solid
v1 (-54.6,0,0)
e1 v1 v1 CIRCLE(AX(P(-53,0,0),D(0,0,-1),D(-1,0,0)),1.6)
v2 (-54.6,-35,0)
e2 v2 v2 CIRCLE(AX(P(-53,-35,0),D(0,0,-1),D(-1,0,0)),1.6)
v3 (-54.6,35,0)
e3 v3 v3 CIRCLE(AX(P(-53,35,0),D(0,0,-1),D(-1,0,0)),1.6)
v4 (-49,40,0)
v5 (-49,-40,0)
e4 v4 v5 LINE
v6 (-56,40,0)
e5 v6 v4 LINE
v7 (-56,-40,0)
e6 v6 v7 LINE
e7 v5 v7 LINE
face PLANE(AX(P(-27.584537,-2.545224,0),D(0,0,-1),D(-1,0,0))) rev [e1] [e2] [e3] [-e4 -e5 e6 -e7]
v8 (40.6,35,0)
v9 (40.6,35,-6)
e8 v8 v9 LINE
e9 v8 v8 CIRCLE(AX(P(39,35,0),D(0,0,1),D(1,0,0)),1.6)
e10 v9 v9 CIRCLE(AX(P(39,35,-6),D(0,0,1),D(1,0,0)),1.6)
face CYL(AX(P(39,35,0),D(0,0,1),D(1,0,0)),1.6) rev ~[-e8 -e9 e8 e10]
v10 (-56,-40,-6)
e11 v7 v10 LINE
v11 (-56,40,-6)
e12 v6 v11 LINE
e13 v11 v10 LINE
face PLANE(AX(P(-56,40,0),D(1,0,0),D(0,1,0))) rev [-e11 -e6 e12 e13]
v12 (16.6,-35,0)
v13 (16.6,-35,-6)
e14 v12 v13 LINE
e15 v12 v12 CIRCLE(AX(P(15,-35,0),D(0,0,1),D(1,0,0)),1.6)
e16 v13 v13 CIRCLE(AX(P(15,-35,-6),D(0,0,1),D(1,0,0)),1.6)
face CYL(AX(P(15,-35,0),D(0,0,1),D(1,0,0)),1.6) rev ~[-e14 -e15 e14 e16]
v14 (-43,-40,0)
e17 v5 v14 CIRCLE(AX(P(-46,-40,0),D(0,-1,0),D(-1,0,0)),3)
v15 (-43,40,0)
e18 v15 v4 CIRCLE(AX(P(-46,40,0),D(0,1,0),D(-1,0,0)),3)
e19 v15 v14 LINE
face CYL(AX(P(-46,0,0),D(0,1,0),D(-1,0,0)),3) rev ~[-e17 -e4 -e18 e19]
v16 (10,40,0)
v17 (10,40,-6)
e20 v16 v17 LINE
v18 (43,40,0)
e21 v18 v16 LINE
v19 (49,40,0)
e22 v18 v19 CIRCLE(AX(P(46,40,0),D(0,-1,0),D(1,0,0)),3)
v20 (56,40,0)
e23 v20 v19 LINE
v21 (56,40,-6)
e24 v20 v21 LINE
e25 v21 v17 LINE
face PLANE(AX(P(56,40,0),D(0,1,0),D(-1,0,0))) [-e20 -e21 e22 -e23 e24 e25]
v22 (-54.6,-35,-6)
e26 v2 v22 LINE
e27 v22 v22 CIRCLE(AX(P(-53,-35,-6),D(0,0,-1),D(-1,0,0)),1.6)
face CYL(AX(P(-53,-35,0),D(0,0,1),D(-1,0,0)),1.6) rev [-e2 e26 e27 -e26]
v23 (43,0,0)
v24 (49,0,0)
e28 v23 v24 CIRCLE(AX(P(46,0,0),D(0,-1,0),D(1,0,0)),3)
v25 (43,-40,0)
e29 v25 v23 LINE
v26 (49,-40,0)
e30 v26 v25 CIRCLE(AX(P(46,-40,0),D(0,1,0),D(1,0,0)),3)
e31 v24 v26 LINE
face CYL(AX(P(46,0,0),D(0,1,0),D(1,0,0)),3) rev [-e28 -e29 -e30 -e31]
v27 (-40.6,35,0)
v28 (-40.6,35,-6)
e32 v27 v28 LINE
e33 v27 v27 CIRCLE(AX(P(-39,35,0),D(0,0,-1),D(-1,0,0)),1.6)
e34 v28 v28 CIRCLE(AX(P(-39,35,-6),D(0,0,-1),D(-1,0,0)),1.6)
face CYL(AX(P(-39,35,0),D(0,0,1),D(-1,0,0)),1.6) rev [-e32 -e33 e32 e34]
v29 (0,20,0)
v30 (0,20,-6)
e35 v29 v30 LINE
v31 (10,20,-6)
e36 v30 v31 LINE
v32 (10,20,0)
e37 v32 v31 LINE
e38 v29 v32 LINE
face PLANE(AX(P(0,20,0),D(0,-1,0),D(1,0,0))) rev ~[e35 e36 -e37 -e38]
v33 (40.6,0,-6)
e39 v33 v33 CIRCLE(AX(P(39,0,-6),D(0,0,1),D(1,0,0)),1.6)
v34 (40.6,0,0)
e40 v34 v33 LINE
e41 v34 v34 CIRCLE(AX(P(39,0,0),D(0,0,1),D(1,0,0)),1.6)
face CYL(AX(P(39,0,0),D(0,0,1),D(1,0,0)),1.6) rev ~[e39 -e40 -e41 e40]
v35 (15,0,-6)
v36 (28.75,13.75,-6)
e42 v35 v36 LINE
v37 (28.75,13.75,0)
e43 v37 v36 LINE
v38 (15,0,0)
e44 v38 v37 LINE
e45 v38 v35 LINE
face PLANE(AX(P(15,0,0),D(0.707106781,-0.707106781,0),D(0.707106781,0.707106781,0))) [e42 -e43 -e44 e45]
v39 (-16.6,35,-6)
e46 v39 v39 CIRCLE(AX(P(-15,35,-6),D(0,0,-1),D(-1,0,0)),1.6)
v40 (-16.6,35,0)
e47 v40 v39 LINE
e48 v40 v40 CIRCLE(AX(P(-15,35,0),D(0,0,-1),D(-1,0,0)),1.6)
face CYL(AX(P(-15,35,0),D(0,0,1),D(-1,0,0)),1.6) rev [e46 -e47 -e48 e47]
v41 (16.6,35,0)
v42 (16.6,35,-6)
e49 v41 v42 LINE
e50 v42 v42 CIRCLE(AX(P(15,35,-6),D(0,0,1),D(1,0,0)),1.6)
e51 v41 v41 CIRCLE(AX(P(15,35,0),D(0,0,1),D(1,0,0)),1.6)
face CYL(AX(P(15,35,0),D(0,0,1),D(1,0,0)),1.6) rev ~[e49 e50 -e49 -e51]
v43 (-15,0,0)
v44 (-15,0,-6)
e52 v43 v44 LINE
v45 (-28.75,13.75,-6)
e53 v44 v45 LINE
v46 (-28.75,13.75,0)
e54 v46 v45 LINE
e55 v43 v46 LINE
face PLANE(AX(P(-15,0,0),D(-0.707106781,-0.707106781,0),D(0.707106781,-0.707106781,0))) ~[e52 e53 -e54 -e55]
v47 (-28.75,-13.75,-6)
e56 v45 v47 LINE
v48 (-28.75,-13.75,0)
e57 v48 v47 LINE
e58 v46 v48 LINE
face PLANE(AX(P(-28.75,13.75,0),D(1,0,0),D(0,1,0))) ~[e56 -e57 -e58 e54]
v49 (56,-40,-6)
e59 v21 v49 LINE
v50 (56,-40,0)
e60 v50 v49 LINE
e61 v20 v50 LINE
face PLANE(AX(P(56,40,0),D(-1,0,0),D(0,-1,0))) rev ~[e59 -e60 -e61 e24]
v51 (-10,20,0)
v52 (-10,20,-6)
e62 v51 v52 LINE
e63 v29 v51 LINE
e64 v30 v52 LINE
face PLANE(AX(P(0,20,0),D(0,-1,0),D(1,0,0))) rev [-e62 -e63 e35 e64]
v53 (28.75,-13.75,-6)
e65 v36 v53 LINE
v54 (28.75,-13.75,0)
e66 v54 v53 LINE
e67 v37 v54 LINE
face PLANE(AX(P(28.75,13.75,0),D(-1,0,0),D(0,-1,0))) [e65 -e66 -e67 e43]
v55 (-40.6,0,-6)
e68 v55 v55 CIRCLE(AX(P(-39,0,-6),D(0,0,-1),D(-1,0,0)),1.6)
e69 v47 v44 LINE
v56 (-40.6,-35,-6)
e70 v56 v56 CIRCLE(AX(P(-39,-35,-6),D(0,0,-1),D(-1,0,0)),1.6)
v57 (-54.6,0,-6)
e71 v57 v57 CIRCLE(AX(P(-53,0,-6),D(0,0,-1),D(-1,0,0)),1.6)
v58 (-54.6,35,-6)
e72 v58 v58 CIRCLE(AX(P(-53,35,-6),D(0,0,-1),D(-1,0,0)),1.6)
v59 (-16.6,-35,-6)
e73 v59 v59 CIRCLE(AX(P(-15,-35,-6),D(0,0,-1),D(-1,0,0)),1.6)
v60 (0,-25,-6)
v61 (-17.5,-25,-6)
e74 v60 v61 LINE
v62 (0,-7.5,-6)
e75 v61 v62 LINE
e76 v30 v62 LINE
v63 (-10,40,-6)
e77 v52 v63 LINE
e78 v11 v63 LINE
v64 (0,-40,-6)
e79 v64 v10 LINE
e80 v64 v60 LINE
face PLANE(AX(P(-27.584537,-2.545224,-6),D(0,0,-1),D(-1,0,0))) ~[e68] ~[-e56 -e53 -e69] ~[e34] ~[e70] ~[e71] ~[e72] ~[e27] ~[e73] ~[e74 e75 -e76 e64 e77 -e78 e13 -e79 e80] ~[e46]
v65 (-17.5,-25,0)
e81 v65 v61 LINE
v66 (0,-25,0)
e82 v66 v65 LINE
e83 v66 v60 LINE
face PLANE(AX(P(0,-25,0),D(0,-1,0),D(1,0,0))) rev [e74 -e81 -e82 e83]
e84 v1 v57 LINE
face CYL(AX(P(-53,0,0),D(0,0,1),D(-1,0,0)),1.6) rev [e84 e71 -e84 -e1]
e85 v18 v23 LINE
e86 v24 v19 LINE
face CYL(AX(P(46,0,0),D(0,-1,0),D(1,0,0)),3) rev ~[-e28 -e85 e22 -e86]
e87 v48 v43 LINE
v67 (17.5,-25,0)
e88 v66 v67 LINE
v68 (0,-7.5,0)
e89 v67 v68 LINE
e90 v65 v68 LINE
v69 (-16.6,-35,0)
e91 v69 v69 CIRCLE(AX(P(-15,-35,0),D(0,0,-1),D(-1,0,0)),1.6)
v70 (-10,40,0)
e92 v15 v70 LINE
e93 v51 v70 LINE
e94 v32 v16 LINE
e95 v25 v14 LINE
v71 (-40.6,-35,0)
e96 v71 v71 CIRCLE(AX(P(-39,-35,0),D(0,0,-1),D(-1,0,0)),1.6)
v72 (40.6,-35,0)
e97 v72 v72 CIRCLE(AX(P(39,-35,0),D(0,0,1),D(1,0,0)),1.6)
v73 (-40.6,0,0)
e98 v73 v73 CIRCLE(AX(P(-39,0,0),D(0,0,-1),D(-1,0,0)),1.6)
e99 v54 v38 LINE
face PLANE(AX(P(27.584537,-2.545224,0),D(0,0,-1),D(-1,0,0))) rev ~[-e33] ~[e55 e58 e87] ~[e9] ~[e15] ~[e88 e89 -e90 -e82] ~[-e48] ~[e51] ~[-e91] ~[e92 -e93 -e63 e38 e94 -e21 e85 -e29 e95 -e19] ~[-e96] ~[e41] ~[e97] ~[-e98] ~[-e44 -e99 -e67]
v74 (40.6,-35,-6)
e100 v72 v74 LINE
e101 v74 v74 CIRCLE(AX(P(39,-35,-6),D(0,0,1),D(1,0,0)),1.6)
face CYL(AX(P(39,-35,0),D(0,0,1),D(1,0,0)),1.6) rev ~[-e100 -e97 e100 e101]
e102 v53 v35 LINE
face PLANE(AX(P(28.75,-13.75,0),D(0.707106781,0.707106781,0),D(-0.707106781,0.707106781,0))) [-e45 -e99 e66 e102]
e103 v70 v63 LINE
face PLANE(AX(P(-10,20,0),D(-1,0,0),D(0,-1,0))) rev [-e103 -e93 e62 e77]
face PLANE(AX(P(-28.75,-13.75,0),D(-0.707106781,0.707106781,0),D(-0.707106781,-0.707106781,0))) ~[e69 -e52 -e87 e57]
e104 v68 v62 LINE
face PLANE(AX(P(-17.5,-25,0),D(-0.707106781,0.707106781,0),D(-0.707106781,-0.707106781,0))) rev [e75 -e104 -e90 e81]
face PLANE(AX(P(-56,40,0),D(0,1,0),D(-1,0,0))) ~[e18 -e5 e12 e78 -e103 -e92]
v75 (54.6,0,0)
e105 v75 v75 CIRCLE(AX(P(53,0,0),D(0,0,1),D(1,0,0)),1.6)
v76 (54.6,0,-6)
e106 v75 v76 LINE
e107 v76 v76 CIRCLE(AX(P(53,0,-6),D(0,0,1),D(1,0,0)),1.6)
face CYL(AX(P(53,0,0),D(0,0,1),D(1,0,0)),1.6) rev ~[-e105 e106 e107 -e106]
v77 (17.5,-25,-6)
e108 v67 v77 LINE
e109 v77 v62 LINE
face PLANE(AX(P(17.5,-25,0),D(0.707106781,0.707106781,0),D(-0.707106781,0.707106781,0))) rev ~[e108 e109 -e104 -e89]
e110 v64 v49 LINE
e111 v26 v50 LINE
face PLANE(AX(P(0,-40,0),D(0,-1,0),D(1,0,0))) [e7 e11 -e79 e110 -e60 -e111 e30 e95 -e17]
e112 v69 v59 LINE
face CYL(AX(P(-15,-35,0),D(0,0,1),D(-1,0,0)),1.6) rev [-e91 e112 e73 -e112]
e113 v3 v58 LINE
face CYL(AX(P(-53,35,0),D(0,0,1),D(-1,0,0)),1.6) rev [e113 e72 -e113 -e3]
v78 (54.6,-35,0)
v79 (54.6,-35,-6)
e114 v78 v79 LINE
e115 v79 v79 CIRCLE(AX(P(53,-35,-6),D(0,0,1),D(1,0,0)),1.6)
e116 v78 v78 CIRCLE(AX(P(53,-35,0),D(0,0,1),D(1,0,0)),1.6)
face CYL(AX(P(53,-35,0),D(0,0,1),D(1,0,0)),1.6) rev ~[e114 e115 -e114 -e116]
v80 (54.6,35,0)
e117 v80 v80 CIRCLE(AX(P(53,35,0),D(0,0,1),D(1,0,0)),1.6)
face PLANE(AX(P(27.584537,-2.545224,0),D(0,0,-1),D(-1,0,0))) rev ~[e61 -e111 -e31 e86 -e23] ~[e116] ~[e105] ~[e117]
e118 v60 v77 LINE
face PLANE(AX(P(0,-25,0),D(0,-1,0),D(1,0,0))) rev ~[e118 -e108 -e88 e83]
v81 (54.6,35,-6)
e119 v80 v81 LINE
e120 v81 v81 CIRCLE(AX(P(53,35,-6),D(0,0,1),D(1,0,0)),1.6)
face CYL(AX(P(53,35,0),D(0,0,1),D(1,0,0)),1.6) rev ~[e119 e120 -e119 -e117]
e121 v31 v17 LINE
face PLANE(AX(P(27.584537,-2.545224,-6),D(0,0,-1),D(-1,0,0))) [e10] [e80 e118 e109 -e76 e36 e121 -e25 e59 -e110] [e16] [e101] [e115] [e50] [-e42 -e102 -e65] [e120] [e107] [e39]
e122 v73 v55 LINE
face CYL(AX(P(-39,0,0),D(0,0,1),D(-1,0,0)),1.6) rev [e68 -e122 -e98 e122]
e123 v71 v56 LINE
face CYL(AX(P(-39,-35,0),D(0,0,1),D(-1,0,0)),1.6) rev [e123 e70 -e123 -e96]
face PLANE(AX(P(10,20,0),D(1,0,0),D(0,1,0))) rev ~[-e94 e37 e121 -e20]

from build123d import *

# Parameters (mm, degrees)
SKETCH_R          = 1.6
PAD_DEPTH         = 6
SKETCH001_R       = 3
POCKET_DEPTH      = 40.001
POCKET_DEPTH_BACK = 40.001


with BuildPart() as toolbody:
    # Sketch → Pad (new body)
    with BuildSketch(Plane.XY):
        Polygon((46, -40), (0, -40), (0, -25), (17.5, -25), (0, -7.5), (0, 7.5), (0, 20), (10, 20), (10, 40), (46, 40), (56, 40), (56, -40), align=None)
        with Locations((53, 0)):
            Circle(SKETCH_R, mode=Mode.SUBTRACT)
        with Locations((53, 35)):
            Circle(SKETCH_R, mode=Mode.SUBTRACT)
        with Locations((53, -35)):
            Circle(SKETCH_R, mode=Mode.SUBTRACT)
        with Locations((39, 35)):
            Circle(SKETCH_R, mode=Mode.SUBTRACT)
        with Locations((39, 0)):
            Circle(SKETCH_R, mode=Mode.SUBTRACT)
        with Locations((39, -35)):
            Circle(SKETCH_R, mode=Mode.SUBTRACT)
        with Locations((15, 35)):
            Circle(SKETCH_R, mode=Mode.SUBTRACT)
        with Locations((15, -35)):
            Circle(SKETCH_R, mode=Mode.SUBTRACT)
        Polygon((15, 0), (28.75, 13.75), (28.75, -13.75), align=None, mode=Mode.SUBTRACT)
    extrude(amount=-PAD_DEPTH)

    # Sketch001 → Pocket (cut, two sides)
    with BuildSketch(Plane.XZ) as pocket_sk:
        with Locations((46, 0)):
            Circle(SKETCH001_R)
    extrude(amount=-POCKET_DEPTH, mode=Mode.SUBTRACT)
    extrude(pocket_sk.sketch, amount=POCKET_DEPTH_BACK, mode=Mode.SUBTRACT)


with BuildPart() as toolfusion:
    # Part__Mirroring: instance of ToolBody
    add(toolbody.part.mirror(Plane(origin=(0, 0, 0), x_dir=(0, -1, 0), z_dir=(1, 0, 0))))

    # Fusion: union ToolBody
    add(toolbody.part)


solid = toolfusion.part
